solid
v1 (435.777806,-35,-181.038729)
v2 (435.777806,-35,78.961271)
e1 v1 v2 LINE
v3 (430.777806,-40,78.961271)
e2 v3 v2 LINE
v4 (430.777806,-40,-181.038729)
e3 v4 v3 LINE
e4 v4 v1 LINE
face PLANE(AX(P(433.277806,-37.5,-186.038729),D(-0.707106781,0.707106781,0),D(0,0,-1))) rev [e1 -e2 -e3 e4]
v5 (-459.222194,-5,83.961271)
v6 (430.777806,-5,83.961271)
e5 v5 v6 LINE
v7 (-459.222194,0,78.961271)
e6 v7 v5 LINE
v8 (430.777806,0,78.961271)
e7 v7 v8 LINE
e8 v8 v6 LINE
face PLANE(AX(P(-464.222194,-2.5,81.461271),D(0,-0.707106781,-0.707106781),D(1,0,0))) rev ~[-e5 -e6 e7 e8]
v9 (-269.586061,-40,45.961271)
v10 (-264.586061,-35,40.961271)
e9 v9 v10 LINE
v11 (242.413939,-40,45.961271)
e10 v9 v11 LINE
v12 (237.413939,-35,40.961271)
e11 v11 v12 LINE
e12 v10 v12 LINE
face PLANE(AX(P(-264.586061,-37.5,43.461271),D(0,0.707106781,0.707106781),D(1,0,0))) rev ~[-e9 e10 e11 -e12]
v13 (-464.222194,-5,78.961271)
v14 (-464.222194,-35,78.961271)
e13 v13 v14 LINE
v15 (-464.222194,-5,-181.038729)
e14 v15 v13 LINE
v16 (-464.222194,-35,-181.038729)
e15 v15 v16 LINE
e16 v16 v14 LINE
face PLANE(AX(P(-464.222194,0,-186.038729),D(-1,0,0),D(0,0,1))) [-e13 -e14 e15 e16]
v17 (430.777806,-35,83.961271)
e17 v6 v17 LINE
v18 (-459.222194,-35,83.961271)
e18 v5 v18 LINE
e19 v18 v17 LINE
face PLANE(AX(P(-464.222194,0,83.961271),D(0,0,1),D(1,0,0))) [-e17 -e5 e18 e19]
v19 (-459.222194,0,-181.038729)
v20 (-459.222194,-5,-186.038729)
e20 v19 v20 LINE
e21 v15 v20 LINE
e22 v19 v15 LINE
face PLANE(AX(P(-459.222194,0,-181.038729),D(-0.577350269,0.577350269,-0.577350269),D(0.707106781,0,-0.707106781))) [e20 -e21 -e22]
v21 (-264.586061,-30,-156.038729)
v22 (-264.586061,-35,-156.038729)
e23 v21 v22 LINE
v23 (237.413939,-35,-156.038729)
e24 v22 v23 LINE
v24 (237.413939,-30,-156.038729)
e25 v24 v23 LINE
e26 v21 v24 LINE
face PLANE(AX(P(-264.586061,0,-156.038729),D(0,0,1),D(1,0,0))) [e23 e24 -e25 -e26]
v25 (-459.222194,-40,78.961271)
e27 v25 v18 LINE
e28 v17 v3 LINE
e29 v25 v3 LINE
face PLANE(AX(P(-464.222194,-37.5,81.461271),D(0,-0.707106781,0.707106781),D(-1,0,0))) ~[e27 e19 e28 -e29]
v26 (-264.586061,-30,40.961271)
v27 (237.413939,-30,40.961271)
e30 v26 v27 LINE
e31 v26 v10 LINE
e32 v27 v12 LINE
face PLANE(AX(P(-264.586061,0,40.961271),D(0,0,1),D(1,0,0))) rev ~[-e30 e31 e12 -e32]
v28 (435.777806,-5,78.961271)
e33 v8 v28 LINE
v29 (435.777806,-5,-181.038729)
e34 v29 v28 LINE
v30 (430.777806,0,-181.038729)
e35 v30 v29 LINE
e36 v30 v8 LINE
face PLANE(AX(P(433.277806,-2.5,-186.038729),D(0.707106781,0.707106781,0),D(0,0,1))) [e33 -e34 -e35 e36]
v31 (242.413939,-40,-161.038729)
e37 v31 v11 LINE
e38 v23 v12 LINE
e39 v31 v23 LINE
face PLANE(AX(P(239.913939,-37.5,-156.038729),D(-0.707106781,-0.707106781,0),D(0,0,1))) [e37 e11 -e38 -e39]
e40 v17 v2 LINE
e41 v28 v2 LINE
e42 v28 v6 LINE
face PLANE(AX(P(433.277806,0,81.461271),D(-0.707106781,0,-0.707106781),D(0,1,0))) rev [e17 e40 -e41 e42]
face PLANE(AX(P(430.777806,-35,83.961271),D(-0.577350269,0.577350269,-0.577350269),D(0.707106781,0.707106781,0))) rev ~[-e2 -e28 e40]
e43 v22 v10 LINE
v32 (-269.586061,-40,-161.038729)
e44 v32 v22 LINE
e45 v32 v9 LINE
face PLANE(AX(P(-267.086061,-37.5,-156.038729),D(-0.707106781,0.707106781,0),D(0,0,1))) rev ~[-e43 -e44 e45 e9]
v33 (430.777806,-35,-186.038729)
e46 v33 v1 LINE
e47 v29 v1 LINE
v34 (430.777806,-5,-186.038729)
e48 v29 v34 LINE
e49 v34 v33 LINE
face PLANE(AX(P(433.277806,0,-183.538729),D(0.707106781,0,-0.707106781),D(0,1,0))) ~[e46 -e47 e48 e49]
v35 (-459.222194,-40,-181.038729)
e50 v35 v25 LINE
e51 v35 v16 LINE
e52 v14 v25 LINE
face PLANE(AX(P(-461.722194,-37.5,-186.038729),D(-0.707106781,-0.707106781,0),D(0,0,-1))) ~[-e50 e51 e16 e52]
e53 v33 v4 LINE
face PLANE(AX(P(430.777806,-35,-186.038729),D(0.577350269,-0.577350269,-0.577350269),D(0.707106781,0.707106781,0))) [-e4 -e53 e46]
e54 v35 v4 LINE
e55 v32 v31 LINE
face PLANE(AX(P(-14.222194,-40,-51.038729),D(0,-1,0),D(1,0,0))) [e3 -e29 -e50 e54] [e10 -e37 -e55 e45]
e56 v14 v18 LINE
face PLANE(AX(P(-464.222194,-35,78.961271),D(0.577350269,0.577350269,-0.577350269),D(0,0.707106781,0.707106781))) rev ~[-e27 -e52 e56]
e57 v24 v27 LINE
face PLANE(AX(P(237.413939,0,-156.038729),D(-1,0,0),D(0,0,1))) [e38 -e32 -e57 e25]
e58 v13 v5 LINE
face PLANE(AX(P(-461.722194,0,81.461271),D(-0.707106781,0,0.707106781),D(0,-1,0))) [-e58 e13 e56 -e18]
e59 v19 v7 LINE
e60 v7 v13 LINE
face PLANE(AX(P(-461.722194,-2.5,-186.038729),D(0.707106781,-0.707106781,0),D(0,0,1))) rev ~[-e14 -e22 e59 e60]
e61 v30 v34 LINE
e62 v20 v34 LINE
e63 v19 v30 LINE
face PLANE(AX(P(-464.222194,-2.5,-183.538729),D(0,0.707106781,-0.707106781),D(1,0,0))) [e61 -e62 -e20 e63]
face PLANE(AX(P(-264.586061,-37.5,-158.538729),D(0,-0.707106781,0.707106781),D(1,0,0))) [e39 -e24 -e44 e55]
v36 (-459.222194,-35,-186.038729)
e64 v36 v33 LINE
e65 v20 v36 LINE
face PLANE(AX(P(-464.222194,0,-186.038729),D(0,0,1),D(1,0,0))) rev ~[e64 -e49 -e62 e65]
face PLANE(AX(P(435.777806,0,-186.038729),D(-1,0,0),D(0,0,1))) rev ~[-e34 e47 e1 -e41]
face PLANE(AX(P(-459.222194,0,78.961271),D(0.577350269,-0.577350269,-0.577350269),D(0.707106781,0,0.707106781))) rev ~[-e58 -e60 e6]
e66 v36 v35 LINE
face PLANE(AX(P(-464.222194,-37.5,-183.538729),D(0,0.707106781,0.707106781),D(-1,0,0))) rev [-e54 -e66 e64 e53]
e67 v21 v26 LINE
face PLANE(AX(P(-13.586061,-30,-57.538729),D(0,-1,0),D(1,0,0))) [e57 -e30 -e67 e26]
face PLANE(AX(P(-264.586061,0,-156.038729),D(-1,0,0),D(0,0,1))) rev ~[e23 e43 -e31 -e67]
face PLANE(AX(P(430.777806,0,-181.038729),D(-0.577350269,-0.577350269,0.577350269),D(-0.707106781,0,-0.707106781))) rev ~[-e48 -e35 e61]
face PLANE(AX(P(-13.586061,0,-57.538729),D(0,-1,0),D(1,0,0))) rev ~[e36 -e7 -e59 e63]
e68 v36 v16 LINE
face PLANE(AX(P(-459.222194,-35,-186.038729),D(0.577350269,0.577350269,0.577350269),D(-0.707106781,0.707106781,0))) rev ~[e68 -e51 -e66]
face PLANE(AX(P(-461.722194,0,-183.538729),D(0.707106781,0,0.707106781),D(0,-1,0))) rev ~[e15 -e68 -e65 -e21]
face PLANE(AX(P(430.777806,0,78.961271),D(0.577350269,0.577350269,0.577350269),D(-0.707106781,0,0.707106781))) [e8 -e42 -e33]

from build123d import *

# Parameters (mm, degrees)
F0_W     = 900
F0_H     = 270
F0_W_2   = 502
F0_H_2   = 197
F1_DEPTH = 40
F2_DEPTH = 30
F3_SIZE  = 5


with BuildPart() as f1:
    # F0 (on Front) → F1 (new body)
    with BuildSketch(Plane.XZ):
        with Locations((-14.222194, -51.038729)):
            Rectangle(F0_W, F0_H)
        with Locations((-13.586061, -57.538729)):
            Rectangle(F0_W_2, F0_H_2, mode=Mode.SUBTRACT)
    extrude(amount=F1_DEPTH)

    # F0 (on Front) → F2 (join)
    with BuildSketch(Plane.XZ):
        with Locations((-13.586061, -57.538729)):
            Rectangle(F0_W_2, F0_H_2)
    extrude(amount=F2_DEPTH)

    # F3
    f3_edges = [f1.edges().sort_by_distance(p)[0] for p in [
        (435.777806, -40, -51.038729),
        (-14.222194, -40, 83.961271),
        (-464.222194, -40, -51.038729),
        (-14.222194, -40, -186.038729),
        (-264.586061, -40, -57.538729),
        (-13.586061, -40, 40.961271),
        (237.413939, -40, -57.538729),
        (-13.586061, -40, -156.038729),
        (-464.222194, -20, 83.961271),
        (-464.222194, -20, -186.038729),
        (-464.222194, 0, -51.038729),
        (435.777806, -20, -186.038729),
        (435.777806, -20, 83.961271),
        (435.777806, 0, -51.038729),
        (-14.222194, 0, -186.038729),
        (-14.222194, 0, 83.961271),
    ]]
    chamfer(f3_edges, length=F3_SIZE)


solid = f1.part
